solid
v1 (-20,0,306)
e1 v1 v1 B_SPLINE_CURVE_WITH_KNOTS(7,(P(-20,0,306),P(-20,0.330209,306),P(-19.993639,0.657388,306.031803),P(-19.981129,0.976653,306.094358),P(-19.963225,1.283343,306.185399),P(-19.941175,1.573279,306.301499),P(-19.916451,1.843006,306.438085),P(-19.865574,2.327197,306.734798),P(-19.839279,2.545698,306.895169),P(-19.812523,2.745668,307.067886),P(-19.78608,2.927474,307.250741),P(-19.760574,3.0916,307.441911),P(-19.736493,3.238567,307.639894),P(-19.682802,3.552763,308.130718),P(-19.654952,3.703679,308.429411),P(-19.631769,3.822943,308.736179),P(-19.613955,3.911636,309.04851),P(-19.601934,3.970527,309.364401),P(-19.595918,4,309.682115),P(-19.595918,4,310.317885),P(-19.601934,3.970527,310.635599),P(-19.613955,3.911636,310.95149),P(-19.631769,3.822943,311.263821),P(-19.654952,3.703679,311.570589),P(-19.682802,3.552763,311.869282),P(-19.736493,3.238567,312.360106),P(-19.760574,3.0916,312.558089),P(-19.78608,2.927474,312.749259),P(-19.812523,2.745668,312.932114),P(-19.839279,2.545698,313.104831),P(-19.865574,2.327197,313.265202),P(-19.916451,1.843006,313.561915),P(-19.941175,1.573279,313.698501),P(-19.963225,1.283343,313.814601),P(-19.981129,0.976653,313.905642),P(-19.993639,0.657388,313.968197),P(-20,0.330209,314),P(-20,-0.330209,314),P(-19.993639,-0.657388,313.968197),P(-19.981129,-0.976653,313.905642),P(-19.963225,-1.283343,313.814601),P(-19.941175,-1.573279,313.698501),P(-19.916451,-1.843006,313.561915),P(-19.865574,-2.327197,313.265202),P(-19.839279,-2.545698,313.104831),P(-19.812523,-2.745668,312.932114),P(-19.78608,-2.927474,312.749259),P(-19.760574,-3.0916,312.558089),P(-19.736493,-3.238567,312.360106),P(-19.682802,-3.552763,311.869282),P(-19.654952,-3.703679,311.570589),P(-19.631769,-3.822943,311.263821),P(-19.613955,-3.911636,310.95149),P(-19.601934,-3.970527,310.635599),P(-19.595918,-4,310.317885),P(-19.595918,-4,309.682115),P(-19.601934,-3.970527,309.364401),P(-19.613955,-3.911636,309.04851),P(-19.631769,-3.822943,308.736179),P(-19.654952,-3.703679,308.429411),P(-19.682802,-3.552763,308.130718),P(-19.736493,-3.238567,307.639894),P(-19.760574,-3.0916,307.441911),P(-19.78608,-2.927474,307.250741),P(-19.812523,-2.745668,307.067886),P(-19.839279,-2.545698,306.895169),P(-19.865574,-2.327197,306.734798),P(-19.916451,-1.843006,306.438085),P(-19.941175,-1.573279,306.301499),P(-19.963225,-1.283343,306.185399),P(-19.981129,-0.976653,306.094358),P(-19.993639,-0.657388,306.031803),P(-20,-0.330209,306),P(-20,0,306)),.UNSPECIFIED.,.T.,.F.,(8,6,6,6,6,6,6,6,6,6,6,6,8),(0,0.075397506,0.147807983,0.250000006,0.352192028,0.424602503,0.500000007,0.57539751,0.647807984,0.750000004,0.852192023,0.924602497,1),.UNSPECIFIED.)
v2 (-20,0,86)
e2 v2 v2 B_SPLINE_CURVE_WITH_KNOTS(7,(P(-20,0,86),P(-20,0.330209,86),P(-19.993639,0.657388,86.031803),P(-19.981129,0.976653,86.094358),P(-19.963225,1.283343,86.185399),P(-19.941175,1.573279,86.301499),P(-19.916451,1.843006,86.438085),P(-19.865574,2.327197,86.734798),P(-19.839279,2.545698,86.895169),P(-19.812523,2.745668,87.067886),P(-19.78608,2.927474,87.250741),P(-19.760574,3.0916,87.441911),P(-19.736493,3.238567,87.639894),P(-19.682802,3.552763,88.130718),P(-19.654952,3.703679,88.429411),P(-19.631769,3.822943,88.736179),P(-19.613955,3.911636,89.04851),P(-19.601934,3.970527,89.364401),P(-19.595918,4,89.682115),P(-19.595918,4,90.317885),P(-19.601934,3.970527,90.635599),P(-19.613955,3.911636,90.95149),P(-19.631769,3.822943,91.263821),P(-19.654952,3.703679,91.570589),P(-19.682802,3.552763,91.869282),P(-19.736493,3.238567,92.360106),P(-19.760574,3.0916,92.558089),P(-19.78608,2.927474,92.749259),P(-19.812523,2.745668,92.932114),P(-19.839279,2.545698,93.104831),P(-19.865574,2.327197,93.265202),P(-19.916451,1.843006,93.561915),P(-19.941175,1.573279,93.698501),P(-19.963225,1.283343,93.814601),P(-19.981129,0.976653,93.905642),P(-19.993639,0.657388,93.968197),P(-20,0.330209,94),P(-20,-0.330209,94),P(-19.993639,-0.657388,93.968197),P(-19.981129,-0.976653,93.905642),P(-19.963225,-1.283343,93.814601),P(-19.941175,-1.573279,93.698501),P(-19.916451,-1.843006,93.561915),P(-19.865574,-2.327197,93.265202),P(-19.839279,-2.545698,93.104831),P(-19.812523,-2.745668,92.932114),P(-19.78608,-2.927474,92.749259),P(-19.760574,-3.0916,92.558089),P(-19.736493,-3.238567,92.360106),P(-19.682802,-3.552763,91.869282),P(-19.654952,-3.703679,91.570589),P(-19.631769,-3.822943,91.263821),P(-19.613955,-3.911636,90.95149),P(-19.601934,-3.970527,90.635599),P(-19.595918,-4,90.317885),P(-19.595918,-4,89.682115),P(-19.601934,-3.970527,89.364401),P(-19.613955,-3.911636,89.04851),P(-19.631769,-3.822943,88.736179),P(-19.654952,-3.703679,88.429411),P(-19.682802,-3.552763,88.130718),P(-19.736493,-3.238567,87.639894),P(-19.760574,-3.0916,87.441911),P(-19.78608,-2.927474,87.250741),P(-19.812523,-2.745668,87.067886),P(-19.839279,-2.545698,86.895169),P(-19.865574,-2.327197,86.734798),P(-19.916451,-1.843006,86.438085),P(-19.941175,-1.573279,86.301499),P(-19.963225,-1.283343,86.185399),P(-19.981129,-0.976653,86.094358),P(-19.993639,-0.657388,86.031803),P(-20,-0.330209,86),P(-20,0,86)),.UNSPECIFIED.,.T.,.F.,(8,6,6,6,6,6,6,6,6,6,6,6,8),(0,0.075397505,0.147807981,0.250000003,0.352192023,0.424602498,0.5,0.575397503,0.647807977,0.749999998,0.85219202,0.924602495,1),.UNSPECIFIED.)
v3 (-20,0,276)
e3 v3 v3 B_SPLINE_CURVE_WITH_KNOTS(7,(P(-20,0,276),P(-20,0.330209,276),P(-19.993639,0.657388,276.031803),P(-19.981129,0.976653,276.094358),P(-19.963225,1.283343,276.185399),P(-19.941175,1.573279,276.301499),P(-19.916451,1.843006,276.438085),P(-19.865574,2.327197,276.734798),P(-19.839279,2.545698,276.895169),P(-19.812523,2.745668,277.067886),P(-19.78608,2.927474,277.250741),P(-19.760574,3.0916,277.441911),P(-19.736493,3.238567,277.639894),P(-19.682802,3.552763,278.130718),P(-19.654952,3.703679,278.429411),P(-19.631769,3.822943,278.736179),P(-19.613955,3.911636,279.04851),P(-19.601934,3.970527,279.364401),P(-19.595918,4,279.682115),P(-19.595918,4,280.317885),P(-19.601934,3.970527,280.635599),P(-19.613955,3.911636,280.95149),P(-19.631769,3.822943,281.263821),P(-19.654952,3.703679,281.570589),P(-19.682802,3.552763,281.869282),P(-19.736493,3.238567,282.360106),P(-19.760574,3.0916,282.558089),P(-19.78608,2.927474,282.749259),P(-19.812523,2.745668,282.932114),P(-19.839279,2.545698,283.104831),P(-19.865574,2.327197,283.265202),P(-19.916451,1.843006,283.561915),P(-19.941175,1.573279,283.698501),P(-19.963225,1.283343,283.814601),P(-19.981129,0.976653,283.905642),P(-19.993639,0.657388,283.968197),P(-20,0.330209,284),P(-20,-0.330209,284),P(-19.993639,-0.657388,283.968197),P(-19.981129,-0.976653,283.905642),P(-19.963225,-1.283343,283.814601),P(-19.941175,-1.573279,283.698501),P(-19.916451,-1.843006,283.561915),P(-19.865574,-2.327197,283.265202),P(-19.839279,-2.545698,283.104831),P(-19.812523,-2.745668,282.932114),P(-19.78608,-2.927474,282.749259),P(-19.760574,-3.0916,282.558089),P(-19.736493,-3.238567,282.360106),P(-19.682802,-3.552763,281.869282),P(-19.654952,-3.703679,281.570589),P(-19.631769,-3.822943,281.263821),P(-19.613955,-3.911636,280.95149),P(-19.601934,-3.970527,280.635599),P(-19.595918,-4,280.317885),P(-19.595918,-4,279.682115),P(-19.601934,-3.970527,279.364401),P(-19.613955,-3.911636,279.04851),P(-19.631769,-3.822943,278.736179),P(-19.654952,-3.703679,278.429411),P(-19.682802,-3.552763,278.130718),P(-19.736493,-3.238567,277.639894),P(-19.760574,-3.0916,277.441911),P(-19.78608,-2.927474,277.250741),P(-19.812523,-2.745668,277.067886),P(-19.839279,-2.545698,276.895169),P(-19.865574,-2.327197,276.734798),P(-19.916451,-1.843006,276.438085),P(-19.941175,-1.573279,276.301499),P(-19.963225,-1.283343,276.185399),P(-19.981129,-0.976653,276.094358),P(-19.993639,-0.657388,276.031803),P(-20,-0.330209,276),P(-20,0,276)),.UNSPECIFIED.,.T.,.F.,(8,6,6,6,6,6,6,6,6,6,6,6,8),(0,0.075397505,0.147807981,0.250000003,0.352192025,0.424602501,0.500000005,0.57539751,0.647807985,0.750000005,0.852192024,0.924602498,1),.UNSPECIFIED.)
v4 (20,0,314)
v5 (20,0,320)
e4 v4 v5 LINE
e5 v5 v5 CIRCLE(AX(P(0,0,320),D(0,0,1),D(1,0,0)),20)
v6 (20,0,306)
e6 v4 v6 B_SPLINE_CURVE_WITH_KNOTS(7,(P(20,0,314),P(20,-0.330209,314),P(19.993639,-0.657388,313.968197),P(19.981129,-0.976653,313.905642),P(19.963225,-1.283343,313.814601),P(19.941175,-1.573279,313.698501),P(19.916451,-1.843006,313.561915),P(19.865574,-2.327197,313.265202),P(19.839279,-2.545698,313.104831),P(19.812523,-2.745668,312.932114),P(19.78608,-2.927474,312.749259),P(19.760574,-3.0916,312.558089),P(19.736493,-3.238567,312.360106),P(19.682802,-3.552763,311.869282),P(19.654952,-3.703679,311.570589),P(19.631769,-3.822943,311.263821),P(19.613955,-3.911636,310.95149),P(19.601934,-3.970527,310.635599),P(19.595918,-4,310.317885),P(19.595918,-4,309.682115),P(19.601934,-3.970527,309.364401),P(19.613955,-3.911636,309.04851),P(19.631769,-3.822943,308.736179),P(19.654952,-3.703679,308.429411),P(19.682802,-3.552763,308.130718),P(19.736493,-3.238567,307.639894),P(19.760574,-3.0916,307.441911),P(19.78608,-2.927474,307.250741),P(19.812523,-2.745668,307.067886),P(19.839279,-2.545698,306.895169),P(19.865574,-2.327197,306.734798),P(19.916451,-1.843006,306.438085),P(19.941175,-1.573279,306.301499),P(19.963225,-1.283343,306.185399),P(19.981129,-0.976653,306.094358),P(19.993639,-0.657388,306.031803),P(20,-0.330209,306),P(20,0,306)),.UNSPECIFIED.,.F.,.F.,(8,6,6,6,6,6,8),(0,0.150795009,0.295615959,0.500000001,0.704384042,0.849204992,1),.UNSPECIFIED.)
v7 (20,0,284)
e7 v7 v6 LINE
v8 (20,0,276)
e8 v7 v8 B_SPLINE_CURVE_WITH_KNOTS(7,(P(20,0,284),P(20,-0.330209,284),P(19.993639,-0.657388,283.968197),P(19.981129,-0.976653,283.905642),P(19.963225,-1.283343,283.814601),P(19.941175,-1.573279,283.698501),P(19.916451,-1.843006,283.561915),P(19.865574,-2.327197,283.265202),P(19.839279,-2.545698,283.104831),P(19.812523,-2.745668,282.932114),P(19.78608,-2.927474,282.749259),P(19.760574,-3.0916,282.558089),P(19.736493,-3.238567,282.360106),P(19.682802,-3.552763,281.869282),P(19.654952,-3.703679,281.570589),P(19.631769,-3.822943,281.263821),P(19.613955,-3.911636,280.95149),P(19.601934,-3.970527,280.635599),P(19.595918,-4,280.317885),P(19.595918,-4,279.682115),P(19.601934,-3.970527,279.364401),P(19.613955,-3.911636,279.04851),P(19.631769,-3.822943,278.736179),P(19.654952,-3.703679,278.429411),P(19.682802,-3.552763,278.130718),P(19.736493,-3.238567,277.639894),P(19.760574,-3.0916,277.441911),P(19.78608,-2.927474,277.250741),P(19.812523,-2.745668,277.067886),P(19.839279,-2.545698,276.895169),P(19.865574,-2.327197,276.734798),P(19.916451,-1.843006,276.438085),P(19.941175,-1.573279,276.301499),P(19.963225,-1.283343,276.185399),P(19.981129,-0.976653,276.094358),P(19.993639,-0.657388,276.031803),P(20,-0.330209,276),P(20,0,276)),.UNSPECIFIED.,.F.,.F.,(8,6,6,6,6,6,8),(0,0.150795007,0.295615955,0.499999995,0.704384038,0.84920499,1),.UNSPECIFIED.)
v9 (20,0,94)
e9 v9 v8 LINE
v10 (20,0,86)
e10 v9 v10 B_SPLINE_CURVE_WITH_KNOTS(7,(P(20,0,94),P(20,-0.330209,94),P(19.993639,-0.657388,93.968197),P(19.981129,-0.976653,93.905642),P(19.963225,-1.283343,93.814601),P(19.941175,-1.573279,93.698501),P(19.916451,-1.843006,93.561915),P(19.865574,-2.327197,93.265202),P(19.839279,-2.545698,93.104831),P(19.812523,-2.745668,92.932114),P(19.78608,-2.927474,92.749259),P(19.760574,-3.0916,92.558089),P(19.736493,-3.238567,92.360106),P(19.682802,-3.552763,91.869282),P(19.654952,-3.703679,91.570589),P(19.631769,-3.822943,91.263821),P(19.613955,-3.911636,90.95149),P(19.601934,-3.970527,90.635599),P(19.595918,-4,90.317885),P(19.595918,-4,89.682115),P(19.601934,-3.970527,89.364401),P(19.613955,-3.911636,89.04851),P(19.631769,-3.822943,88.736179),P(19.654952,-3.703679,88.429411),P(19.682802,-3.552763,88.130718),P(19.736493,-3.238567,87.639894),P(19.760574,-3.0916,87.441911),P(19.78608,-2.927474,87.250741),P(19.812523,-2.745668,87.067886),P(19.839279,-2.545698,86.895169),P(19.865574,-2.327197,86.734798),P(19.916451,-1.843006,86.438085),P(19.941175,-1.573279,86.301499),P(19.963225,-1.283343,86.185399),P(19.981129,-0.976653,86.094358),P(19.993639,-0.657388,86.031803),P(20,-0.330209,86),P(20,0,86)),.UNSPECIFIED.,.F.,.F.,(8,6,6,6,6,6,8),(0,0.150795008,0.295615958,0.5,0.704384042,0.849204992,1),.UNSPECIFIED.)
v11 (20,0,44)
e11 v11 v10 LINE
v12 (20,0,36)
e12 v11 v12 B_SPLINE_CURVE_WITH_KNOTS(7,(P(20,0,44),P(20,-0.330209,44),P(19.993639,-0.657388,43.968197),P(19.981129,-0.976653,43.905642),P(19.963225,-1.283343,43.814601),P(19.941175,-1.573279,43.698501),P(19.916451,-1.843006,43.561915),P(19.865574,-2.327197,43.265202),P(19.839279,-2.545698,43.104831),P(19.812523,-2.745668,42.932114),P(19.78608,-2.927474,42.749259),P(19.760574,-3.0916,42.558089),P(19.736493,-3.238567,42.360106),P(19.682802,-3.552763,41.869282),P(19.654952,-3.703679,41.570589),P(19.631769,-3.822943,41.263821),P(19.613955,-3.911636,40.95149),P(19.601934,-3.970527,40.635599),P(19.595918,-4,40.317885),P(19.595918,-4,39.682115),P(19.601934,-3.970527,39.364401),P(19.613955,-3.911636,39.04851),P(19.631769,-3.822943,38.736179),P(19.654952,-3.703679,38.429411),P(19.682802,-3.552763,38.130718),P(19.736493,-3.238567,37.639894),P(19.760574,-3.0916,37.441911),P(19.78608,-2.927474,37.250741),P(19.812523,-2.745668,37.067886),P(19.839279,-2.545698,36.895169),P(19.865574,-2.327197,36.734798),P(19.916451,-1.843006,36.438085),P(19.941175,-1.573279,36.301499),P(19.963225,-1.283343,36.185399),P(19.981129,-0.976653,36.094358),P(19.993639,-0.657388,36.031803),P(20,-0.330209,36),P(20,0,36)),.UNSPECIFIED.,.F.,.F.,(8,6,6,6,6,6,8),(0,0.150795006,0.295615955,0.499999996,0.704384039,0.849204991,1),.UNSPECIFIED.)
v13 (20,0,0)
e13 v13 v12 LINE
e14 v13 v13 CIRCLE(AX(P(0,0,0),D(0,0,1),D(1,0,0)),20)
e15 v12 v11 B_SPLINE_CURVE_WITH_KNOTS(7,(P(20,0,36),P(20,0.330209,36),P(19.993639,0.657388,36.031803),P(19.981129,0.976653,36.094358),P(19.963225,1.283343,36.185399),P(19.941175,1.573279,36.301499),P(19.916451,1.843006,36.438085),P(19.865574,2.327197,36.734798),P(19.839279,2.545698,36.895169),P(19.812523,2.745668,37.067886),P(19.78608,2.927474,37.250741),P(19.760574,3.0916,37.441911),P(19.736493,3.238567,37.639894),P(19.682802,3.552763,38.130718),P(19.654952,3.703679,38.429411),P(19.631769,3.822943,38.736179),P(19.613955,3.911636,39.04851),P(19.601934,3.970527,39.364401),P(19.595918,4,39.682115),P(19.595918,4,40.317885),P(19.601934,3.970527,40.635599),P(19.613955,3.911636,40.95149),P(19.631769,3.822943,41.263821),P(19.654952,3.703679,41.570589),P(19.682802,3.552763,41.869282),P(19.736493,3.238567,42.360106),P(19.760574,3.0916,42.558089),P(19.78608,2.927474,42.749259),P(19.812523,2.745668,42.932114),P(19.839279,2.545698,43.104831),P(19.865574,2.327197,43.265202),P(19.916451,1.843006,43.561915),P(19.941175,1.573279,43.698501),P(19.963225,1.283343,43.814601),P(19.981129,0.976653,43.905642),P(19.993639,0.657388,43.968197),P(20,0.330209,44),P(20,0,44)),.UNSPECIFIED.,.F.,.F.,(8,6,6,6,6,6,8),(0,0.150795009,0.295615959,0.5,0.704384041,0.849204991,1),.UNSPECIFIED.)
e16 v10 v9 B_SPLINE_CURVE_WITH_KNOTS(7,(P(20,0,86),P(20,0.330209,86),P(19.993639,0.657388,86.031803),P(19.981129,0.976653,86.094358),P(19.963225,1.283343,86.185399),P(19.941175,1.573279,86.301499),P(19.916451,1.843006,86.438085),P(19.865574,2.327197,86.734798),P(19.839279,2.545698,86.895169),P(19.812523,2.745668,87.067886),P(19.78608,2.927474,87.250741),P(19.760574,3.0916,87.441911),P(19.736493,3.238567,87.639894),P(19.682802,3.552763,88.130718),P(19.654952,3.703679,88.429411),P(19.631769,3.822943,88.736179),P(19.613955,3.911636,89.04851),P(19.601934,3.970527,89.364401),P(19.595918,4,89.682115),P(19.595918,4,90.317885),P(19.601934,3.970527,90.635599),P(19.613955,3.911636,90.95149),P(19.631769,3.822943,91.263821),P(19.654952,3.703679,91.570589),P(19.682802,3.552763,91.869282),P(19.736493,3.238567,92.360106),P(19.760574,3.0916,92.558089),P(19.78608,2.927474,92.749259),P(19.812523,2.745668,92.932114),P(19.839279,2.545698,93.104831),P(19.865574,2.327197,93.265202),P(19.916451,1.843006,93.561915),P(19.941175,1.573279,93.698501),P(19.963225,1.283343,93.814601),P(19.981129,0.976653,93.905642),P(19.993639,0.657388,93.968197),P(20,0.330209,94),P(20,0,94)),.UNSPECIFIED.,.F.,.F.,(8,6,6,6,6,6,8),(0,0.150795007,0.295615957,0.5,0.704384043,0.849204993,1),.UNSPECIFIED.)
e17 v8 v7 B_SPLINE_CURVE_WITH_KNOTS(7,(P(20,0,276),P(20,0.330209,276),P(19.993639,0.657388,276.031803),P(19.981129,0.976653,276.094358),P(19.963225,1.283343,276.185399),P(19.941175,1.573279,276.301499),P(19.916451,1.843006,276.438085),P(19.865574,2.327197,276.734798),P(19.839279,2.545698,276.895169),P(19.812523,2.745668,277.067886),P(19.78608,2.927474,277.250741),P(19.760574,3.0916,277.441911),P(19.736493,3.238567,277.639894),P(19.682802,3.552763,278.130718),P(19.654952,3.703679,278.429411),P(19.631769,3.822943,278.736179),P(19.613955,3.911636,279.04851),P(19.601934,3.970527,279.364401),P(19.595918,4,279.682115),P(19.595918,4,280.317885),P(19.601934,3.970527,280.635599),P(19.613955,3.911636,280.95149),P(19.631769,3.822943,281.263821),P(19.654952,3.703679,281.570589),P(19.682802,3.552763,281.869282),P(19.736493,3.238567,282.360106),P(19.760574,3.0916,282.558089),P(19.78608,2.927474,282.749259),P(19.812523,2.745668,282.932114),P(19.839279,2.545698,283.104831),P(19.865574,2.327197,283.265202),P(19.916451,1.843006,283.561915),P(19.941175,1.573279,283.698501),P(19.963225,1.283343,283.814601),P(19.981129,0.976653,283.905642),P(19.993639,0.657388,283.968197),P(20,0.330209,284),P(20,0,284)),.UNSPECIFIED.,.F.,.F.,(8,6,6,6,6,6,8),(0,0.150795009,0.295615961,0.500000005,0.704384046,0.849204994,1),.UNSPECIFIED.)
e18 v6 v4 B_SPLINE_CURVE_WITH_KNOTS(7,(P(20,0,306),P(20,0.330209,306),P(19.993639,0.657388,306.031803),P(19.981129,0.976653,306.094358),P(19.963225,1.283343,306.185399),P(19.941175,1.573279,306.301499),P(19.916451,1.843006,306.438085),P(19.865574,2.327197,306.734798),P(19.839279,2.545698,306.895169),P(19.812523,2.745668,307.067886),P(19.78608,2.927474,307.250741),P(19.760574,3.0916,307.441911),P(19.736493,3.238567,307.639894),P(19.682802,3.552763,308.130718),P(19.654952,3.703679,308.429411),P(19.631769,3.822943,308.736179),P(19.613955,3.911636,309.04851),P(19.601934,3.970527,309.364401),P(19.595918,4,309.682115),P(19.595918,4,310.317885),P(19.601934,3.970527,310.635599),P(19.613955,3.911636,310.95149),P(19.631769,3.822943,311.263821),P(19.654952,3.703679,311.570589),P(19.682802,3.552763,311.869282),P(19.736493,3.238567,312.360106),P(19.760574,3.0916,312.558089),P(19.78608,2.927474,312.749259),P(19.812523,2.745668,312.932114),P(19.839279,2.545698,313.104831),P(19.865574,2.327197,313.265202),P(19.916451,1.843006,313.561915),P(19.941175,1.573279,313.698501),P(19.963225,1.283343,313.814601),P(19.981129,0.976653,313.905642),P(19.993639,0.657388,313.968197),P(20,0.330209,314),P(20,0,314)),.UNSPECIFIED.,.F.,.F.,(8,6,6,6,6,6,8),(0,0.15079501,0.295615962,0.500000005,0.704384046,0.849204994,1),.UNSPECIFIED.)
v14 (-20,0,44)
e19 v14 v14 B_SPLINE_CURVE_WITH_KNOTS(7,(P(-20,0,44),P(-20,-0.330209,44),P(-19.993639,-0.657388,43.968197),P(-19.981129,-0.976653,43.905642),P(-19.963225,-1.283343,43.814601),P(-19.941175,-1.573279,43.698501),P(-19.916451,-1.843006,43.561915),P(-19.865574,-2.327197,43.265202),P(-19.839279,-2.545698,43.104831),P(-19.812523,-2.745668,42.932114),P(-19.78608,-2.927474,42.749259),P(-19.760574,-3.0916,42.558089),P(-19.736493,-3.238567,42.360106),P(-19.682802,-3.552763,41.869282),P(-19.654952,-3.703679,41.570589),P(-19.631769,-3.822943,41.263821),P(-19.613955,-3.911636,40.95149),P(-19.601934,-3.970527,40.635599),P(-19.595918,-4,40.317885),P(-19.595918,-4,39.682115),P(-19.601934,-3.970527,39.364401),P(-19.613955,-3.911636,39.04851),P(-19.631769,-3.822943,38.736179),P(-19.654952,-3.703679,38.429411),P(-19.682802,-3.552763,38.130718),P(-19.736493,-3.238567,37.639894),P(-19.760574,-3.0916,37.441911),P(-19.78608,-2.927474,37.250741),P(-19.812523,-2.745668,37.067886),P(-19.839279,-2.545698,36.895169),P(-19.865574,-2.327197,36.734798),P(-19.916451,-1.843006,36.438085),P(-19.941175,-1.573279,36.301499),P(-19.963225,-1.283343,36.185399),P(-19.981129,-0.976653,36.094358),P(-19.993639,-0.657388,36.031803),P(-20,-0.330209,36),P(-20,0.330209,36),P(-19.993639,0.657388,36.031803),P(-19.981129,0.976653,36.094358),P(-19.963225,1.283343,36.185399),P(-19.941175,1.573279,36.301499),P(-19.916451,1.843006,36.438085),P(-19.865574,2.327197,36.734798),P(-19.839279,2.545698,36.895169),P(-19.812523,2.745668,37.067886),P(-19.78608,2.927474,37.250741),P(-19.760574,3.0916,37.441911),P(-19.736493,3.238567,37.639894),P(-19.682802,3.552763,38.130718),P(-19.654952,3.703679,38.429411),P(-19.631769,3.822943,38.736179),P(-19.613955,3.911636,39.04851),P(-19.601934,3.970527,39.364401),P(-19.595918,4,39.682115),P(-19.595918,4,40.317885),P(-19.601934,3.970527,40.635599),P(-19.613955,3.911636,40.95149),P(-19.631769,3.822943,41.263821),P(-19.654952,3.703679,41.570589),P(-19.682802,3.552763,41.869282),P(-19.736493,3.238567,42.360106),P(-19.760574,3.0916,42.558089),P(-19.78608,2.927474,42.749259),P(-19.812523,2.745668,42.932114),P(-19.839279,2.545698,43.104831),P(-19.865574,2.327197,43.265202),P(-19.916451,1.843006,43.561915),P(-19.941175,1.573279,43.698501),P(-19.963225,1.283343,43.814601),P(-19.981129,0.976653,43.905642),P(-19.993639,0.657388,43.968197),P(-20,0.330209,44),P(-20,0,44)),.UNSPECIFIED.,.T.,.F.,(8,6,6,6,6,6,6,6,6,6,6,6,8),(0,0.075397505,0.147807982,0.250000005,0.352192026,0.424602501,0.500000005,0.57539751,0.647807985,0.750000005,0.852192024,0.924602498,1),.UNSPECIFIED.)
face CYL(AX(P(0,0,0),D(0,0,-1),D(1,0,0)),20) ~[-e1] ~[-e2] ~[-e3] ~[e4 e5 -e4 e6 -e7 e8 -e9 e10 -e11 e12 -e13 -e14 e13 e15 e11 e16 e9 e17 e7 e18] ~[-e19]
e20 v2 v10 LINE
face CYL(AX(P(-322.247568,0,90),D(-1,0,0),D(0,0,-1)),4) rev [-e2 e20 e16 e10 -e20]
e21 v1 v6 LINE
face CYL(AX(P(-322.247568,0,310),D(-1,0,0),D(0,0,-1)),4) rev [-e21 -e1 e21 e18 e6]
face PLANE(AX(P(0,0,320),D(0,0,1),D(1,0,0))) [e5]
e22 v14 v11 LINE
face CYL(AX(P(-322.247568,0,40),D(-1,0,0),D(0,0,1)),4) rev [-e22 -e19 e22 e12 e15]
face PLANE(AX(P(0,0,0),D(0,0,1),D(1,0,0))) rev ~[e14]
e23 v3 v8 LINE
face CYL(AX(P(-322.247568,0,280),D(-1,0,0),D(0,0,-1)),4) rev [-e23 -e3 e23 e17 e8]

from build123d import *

# Parameters (mm, degrees)
SKETCH1_R               = 20
BOSS_EXTRUDE1_DEPTH     = 320
CUT_EXTRUDE1_DEPTH      = 322.247568084
CUT_EXTRUDE1_DEPTH_BACK = 322.247568084
SKETCH2_R               = 4


with BuildPart() as part:
    # Sketch1 → Boss-Extrude1 (new body)
    with BuildSketch(Plane.XY):
        Circle(SKETCH1_R)
    extrude(amount=BOSS_EXTRUDE1_DEPTH)

    # Sketch2 → Cut-Extrude1 (cut, two sides: drawn at the far end of the back side and taken through both)
    with BuildSketch(Plane(origin=(0, 0, 0), x_dir=(0, 0, -1), z_dir=(1, 0, 0)).offset(-CUT_EXTRUDE1_DEPTH_BACK)):
        with Locations(Location((-40, 0, 0), (0, 0, 180))):
            Circle(SKETCH2_R)
        with Locations((-90, 0)):
            Circle(SKETCH2_R)
        with Locations((-310, 0)):
            Circle(SKETCH2_R)
        with Locations((-280, 0)):
            Circle(SKETCH2_R)
    extrude(amount=CUT_EXTRUDE1_DEPTH + CUT_EXTRUDE1_DEPTH_BACK, mode=Mode.SUBTRACT)


solid = part.part
